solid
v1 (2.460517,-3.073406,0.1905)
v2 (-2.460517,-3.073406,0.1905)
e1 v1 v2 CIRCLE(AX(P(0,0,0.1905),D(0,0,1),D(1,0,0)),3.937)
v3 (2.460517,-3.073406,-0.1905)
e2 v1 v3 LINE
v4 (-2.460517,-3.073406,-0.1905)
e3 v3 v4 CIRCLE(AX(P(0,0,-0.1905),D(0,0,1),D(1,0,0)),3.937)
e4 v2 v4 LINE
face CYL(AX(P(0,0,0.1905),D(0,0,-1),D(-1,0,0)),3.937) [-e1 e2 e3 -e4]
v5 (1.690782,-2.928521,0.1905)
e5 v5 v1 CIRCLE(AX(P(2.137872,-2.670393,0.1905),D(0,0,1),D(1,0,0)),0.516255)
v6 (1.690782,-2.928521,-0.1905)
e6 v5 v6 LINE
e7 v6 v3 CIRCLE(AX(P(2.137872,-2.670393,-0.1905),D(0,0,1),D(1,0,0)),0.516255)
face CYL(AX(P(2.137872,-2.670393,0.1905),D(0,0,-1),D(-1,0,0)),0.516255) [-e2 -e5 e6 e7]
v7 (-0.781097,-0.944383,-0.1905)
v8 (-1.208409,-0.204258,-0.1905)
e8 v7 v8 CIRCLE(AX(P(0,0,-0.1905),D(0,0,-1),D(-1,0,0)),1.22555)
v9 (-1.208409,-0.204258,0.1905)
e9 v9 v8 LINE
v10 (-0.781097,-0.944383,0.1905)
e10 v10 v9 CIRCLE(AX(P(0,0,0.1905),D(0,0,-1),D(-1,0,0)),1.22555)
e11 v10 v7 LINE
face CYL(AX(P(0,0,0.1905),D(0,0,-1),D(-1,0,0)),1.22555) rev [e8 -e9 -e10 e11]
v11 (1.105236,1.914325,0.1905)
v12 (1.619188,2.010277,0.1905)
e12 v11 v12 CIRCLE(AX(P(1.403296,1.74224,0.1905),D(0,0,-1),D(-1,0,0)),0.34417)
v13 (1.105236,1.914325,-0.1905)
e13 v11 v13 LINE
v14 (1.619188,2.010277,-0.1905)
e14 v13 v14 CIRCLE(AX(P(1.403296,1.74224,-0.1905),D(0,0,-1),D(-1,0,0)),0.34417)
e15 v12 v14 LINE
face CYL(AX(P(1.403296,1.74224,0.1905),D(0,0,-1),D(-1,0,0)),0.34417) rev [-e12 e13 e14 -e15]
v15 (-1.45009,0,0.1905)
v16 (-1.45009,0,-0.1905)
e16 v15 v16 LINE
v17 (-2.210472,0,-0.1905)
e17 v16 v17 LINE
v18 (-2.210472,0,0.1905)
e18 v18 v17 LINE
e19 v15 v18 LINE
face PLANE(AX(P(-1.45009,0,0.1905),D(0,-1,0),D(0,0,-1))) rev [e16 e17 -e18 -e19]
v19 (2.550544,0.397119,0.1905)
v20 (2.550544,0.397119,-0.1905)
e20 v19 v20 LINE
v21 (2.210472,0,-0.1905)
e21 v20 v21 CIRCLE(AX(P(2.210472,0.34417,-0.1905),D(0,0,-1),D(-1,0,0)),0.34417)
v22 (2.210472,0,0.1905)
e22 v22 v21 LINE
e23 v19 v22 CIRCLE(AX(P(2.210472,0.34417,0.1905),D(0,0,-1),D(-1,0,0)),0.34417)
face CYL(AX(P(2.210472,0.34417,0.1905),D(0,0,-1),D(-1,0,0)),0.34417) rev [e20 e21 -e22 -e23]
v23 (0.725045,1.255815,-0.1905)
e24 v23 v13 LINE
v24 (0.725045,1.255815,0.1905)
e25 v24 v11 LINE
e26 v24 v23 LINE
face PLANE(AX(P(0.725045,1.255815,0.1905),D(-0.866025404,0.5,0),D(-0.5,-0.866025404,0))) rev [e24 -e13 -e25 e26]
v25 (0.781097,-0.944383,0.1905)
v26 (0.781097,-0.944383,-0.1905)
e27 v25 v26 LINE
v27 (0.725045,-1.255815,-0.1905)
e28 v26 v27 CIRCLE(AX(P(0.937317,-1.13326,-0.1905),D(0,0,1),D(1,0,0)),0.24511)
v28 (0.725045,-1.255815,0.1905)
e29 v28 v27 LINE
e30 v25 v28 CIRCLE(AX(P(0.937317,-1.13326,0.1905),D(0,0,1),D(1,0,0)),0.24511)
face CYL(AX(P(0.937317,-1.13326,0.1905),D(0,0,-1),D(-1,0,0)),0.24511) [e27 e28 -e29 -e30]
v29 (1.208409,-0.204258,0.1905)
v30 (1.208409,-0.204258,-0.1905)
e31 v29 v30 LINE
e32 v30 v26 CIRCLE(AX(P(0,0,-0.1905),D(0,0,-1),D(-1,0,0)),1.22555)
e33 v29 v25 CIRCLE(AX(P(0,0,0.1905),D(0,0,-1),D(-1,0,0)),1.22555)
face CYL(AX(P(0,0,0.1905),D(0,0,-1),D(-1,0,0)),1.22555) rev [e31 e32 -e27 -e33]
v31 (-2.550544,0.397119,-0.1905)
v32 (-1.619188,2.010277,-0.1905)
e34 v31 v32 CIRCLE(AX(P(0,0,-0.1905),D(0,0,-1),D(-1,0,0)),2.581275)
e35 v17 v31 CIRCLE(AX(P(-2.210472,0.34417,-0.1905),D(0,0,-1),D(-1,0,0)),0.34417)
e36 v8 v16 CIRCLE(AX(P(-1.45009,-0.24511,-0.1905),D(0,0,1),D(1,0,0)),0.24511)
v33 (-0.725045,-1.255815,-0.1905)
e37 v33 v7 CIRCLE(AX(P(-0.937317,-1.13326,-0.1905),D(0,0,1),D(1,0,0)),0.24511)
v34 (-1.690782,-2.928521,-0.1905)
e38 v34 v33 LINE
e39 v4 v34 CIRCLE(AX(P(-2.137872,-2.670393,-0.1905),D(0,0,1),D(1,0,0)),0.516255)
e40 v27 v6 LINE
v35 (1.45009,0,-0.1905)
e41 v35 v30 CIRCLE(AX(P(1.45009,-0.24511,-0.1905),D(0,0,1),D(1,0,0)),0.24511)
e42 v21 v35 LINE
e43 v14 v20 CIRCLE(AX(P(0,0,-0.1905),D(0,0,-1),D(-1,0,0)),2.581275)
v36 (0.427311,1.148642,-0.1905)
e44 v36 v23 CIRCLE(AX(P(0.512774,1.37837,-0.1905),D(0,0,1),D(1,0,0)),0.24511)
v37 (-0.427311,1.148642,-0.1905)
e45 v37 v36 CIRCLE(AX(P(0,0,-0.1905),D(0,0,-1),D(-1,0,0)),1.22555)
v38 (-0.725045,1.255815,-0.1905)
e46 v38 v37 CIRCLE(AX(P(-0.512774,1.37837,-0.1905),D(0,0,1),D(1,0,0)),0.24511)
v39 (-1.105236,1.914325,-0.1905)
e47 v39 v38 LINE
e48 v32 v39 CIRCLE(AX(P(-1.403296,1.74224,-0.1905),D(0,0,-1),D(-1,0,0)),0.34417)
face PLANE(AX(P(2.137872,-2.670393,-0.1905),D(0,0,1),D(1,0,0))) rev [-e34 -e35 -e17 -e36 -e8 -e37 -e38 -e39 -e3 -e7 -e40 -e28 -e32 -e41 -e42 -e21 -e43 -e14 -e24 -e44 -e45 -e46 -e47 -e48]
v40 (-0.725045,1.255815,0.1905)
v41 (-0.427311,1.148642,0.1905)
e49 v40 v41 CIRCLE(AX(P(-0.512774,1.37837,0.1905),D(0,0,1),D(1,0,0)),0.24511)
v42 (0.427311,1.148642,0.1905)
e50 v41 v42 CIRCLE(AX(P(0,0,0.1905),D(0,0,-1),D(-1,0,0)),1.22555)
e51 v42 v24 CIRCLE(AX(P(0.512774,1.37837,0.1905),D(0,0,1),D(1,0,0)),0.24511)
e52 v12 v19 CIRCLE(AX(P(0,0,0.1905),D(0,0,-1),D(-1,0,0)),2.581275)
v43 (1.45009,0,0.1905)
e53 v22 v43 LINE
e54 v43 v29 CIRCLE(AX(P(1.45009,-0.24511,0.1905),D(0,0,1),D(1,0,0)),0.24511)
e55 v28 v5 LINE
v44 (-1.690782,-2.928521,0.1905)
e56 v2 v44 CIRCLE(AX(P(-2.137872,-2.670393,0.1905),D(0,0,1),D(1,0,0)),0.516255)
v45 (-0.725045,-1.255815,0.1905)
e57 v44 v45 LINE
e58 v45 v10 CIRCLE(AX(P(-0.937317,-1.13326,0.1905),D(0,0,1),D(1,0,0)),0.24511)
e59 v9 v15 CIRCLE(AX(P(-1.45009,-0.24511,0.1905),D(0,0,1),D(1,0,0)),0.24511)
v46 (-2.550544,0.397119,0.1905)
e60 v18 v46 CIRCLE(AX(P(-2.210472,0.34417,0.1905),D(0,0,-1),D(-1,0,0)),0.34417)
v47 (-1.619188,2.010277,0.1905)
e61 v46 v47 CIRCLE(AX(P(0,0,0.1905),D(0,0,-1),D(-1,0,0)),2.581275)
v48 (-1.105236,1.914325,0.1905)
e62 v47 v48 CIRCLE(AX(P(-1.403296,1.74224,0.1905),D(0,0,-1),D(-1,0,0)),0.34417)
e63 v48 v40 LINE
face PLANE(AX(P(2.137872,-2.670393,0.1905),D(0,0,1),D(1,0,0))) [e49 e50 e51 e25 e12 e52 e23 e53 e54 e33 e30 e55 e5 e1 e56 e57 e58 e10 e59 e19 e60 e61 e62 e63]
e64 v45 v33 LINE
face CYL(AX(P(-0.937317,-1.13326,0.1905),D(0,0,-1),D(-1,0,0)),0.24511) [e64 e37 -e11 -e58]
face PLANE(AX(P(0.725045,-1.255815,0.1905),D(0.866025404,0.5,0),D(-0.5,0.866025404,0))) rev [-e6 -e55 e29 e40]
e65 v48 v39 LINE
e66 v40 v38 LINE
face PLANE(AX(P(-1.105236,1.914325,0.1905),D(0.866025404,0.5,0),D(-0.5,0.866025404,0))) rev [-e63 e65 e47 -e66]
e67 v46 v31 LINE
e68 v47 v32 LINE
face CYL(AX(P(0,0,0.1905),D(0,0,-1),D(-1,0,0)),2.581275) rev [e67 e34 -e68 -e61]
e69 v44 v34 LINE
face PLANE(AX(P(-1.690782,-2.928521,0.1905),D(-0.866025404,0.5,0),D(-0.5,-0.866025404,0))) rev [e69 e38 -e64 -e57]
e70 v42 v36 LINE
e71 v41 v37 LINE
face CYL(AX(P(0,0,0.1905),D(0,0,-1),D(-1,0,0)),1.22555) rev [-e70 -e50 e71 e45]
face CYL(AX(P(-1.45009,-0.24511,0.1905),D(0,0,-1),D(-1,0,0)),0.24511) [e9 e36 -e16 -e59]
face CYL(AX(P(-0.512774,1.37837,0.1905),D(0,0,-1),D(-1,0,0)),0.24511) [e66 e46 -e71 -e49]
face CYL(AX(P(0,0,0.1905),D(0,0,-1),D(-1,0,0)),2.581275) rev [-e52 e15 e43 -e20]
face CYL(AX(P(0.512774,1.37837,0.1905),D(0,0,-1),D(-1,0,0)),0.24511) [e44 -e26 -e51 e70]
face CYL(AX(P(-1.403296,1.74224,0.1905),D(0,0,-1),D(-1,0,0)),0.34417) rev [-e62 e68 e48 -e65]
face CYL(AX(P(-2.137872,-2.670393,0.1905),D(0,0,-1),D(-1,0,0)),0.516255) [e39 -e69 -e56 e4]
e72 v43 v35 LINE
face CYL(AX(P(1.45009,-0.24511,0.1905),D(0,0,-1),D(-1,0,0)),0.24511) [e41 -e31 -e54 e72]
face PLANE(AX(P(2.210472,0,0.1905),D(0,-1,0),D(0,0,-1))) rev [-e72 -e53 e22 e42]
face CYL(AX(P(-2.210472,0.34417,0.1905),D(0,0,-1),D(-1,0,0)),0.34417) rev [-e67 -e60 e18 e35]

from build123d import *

# Parameters (mm, degrees)
BOSS_EXTRUDE1_DEPTH      = 0.1905
BOSS_EXTRUDE1_DEPTH_BACK = 0.1905


with BuildPart() as part:
    # Sketch1 → Boss-Extrude1 (new, two sides: drawn at the far end of the back side and taken through both)
    with BuildSketch(Plane.XY.offset(-BOSS_EXTRUDE1_DEPTH_BACK)):
        with BuildLine():
            Line((-1.690782151, -2.92852059), (-0.725045158, -1.255815051))
            ThreePointArc((-0.725045158, -1.255815051), (-0.696082706, -1.089842323), (-0.781097204, -0.944383376))
            ThreePointArc((-0.781097204, -0.944383376), (-1.061357434, -0.612775), (-1.208408596, -0.204258333))
            ThreePointArc((-1.208408596, -0.204258333), (-1.291872491, -0.057904145), (-1.450090316, 0))
            Line((-1.450090316, 0), (-2.210471848, 0))
            ThreePointArc((-2.210471848, 0), (-2.471887729, 0.120306814), (-2.55054444, 0.397119231))
            ThreePointArc((-2.55054444, 0.397119231), (-2.235449712, 1.29063752), (-1.619187526, 2.010276693))
            ThreePointArc((-1.619187526, 2.010276693), (-1.340132599, 2.080564158), (-1.105235924, 1.914324775))
            Line((-1.105235924, 1.914324775), (-0.725045158, 1.255815051))
            ThreePointArc((-0.725045158, 1.255815051), (-0.595789785, 1.147746468), (-0.427311393, 1.148641709))
            ThreePointArc((-0.427311393, 1.148641709), (0, 1.22555), (0.427311393, 1.148641709))
            ThreePointArc((0.427311393, 1.148641709), (0.595789785, 1.147746468), (0.725045158, 1.255815051))
            Line((0.725045158, 1.255815051), (1.105235924, 1.914324775))
            ThreePointArc((1.105235924, 1.914324775), (1.340132631, 2.080564164), (1.619187578, 2.010276651))
            ThreePointArc((1.619187578, 2.010276651), (2.235449717, 1.290637512), (2.550544433, 0.397119278))
            ThreePointArc((2.550544433, 0.397119278), (2.471887745, 0.120306832), (2.210471848, 0))
            Line((2.210471848, 0), (1.450090316, 0))
            ThreePointArc((1.450090316, 0), (1.291872491, -0.057904145), (1.208408596, -0.204258333))
            ThreePointArc((1.208408596, -0.204258333), (1.061357434, -0.612775), (0.781097204, -0.944383376))
            ThreePointArc((0.781097204, -0.944383376), (0.696082706, -1.089842323), (0.725045158, -1.255815051))
            Line((0.725045158, -1.255815051), (1.690782151, -2.92852059))
            ThreePointArc((1.690782151, -2.92852059), (2.042375748, -3.177738803), (2.460517356, -3.073405821))
            ThreePointArc((2.460517356, -3.073405821), (0, 3.937), (-2.460517356, -3.073405821))
            ThreePointArc((-2.460517356, -3.073405821), (-2.042375748, -3.177738803), (-1.690782151, -2.92852059))
        make_face()
    extrude(amount=BOSS_EXTRUDE1_DEPTH + BOSS_EXTRUDE1_DEPTH_BACK)


solid = part.part
